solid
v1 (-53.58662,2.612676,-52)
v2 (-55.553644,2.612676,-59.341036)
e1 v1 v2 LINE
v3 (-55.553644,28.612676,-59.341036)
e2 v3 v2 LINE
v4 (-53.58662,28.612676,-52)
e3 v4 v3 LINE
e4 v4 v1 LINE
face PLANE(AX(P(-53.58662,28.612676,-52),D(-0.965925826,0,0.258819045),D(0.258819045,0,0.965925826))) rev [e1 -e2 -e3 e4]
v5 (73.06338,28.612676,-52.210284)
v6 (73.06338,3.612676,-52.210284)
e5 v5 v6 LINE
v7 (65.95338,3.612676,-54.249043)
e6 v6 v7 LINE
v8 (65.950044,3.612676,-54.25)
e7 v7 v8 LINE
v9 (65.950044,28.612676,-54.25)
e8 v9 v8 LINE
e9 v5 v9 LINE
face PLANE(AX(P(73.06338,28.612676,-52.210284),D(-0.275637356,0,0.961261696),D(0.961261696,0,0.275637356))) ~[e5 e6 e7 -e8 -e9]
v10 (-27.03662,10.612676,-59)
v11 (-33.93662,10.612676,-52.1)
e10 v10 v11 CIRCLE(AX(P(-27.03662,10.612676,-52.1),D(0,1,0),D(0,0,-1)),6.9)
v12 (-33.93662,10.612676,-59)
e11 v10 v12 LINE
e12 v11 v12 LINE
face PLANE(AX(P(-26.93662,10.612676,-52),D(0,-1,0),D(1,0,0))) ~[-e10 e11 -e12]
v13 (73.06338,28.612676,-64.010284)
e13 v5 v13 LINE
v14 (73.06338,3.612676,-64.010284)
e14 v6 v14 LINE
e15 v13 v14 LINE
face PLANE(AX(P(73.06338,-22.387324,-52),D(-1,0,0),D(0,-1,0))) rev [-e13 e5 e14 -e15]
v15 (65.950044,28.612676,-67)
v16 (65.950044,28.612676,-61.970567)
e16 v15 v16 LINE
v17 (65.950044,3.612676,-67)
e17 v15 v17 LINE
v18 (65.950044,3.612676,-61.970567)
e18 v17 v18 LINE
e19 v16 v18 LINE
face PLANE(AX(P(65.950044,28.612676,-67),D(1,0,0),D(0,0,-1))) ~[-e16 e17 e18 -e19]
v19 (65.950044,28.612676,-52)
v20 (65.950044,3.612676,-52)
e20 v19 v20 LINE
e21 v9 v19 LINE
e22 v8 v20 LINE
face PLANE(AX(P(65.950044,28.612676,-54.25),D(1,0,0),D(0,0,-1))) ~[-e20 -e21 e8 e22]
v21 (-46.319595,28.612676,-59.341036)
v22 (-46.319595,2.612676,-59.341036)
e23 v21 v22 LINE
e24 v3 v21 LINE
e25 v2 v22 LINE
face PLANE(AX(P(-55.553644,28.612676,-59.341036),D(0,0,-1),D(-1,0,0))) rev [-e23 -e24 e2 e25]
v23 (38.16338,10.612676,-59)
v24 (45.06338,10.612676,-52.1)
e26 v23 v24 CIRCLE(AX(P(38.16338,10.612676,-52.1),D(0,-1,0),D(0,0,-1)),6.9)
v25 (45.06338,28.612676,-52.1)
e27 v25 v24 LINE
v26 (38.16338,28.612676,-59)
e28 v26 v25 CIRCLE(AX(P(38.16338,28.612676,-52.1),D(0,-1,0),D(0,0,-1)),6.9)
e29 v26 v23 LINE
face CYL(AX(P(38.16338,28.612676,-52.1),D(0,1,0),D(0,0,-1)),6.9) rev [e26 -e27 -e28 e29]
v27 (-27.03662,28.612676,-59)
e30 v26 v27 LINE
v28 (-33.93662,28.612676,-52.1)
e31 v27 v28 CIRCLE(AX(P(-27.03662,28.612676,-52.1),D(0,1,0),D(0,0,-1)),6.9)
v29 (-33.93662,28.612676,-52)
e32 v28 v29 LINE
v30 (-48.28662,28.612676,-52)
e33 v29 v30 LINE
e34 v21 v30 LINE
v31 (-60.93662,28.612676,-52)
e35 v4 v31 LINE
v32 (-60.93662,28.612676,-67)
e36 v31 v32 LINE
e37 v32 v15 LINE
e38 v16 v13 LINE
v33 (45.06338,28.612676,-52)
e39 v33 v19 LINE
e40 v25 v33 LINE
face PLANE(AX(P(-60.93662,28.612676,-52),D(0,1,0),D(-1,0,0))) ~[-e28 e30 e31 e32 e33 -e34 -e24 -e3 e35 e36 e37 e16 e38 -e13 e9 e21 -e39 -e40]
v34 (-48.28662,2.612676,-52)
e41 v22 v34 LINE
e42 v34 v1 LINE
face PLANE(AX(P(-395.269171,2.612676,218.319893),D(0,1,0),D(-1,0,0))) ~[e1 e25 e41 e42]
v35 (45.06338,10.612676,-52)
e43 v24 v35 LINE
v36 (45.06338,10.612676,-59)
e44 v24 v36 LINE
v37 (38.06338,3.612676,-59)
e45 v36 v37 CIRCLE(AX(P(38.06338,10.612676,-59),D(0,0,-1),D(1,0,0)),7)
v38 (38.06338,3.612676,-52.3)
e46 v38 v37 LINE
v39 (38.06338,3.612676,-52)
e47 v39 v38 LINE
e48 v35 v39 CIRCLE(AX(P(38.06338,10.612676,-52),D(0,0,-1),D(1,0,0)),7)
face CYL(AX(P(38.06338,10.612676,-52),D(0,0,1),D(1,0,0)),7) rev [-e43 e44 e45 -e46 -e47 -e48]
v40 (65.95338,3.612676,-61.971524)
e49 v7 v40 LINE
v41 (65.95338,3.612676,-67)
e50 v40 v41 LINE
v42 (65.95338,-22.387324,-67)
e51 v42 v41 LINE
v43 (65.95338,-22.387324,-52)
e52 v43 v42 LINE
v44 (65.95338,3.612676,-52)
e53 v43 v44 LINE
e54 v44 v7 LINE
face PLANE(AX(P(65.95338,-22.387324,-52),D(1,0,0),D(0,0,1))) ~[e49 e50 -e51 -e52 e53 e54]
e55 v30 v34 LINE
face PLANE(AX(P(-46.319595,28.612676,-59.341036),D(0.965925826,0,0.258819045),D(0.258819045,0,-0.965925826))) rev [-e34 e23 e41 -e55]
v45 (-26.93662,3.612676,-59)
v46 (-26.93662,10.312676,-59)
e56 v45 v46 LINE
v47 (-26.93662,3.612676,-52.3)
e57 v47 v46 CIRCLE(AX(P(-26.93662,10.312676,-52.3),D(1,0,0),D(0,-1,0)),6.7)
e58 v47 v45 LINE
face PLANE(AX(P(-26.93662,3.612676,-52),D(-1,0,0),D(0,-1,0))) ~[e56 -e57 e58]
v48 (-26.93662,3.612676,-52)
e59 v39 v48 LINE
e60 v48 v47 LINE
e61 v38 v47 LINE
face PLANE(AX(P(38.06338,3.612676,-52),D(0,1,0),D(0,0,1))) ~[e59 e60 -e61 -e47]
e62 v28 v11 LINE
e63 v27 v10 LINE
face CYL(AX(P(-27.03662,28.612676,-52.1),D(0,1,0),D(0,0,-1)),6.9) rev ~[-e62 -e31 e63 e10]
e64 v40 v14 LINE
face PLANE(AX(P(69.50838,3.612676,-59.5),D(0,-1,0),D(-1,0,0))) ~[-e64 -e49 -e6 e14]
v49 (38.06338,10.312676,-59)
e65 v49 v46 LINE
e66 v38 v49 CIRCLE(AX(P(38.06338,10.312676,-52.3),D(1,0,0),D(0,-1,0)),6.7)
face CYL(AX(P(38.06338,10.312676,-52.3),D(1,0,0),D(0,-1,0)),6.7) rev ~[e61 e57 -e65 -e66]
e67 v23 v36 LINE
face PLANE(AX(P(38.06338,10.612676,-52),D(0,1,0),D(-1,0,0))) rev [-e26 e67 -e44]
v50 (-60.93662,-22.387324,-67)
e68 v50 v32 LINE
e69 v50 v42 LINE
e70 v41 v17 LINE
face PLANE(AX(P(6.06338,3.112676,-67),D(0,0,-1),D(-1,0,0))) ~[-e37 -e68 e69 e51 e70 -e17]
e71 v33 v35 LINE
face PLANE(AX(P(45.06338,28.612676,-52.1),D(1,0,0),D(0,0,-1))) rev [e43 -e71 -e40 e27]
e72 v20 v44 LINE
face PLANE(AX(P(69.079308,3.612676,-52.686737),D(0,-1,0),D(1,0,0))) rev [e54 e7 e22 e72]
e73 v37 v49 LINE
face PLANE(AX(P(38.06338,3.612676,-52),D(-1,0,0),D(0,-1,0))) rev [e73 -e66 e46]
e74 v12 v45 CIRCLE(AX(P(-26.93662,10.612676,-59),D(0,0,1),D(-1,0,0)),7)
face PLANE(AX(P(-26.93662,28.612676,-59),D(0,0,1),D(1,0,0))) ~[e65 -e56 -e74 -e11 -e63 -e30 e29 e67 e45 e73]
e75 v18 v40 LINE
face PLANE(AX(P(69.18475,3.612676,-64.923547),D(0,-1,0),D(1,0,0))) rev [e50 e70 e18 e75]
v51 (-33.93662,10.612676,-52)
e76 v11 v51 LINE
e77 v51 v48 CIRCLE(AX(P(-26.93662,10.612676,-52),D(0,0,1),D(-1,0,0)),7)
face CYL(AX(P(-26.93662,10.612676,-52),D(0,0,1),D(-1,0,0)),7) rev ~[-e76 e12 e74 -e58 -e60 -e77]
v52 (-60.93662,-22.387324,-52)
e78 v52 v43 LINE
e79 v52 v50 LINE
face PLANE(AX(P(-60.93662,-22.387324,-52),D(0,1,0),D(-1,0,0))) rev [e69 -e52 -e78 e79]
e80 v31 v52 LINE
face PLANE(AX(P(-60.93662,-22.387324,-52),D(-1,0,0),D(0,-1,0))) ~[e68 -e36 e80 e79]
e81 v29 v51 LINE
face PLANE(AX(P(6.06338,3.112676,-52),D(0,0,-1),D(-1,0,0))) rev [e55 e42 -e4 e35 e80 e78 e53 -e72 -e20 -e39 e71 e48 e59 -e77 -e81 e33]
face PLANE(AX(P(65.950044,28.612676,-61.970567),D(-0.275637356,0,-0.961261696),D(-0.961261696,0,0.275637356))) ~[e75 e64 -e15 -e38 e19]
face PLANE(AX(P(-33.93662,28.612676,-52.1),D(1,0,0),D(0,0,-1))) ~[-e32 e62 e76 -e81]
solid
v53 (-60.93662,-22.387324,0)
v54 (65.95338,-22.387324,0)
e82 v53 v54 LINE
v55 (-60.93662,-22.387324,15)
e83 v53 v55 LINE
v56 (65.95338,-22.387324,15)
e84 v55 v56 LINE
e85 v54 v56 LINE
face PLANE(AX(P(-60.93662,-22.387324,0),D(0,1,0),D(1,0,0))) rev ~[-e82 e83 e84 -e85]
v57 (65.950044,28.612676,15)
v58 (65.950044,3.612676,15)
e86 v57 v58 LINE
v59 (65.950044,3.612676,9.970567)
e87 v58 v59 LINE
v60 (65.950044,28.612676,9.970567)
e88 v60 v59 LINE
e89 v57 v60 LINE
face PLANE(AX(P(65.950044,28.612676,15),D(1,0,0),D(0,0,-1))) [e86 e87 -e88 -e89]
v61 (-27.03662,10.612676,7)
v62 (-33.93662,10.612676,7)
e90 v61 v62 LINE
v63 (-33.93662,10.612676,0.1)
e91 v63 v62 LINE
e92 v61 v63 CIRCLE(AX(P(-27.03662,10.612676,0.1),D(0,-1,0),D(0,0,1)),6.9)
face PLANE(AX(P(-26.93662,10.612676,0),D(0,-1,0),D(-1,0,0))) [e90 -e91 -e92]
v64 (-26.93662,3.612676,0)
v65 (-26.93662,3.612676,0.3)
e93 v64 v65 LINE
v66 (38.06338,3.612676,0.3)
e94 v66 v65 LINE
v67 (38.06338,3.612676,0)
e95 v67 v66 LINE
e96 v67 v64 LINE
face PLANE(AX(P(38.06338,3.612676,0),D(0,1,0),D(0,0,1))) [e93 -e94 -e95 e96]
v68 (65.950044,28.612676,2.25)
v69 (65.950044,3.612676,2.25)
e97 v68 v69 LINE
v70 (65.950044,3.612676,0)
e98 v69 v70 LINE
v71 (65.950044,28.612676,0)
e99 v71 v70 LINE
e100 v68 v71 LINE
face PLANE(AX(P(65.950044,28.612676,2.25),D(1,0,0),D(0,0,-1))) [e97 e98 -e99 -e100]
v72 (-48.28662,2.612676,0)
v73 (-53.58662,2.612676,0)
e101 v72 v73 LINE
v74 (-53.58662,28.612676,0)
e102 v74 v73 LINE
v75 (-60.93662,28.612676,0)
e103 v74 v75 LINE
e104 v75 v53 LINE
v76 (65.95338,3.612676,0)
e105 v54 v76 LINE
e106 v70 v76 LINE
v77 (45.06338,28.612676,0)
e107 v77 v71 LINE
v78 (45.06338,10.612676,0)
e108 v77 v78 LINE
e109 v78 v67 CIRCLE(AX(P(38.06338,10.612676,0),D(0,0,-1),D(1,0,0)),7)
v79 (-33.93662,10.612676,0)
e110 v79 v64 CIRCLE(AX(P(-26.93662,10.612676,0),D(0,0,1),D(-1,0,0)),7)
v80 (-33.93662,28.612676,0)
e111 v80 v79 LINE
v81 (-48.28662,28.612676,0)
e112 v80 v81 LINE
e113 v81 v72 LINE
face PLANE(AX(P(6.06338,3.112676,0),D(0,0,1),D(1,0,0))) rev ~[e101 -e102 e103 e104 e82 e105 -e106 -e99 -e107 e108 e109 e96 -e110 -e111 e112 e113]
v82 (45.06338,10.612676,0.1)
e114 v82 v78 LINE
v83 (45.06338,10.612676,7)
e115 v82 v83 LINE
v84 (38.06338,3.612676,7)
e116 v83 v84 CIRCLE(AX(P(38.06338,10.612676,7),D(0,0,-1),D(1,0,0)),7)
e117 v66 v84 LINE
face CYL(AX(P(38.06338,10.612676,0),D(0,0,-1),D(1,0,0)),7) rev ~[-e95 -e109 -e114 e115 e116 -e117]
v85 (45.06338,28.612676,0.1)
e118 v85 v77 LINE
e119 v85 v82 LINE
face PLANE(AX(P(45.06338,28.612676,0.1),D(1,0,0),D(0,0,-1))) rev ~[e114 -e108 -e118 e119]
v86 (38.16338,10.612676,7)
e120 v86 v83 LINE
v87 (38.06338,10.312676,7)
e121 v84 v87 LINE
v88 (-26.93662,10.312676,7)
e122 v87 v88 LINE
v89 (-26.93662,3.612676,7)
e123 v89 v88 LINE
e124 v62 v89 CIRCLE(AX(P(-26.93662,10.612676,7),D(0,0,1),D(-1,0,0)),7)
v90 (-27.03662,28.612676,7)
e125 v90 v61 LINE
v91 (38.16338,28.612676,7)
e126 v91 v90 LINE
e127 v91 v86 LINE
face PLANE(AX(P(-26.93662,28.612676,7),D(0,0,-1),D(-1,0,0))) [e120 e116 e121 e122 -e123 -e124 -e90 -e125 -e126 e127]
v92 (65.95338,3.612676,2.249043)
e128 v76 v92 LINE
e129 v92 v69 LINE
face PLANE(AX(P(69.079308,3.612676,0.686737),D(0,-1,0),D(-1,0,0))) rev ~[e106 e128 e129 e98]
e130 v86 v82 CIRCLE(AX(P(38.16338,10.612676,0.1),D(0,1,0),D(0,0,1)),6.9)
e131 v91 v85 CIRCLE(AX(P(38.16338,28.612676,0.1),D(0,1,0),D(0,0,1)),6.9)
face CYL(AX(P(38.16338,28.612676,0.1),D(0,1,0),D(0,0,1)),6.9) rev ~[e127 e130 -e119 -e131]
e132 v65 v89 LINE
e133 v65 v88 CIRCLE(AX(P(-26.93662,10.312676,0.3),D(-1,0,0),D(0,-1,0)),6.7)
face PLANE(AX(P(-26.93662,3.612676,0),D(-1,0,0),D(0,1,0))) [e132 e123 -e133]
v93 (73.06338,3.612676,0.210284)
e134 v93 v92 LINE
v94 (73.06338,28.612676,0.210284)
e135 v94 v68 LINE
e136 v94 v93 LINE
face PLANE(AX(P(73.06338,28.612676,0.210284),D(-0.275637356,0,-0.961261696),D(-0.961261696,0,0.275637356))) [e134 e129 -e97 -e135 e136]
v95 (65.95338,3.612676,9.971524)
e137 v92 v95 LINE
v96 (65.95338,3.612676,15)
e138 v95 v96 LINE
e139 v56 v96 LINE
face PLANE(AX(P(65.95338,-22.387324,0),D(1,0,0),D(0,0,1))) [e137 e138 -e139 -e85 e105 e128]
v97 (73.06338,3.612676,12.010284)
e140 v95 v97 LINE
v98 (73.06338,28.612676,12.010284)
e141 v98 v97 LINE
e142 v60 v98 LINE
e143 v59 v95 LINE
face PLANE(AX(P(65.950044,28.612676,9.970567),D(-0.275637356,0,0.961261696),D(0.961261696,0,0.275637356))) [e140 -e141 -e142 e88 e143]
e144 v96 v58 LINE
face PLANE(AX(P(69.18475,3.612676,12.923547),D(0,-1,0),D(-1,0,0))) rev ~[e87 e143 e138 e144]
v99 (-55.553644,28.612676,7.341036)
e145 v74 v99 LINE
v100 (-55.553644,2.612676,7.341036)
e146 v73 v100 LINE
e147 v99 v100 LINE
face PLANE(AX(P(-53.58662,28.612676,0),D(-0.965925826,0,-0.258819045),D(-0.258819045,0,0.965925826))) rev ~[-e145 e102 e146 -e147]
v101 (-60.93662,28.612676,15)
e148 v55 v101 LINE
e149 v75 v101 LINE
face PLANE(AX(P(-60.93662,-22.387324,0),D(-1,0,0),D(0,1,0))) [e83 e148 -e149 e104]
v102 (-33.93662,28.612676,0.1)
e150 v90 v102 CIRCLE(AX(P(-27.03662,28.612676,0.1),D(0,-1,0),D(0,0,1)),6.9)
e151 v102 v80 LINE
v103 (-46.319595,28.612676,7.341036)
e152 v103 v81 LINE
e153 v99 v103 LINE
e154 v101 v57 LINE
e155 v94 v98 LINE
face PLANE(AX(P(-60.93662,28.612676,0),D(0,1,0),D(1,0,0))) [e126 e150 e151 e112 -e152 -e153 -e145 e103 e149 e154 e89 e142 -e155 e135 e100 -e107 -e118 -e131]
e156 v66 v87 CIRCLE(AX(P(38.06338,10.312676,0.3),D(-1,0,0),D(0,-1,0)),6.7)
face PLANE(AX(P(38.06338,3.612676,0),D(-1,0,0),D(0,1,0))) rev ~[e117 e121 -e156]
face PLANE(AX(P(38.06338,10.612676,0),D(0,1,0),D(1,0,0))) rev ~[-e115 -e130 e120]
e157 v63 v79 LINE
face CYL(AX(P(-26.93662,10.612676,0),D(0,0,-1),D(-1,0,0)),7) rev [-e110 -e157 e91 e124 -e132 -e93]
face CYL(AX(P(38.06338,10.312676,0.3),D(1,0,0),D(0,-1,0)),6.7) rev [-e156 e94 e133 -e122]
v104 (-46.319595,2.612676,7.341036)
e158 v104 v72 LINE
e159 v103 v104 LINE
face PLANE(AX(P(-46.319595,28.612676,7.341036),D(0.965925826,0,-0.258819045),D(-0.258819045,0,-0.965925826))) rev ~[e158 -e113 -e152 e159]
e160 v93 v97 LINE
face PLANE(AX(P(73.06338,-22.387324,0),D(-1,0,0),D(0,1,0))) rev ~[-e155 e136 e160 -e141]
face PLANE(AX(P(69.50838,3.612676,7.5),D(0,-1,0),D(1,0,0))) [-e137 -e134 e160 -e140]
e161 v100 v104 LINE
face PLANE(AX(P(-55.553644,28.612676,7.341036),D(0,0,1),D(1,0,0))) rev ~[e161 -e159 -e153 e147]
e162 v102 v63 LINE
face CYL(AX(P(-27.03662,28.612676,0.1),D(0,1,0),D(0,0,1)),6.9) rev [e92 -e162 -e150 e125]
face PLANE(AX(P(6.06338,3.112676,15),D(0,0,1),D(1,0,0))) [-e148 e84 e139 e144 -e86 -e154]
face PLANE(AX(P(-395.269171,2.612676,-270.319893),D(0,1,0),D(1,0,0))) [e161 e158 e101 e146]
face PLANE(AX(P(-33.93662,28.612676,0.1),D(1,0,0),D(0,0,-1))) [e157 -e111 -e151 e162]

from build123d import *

# Parameters (mm, degrees)
SKETCH1_W               = 134
SKETCH1_H               = 51
BOSS_EXTRUDE1_DEPTH     = 15
CUT_EXTRUDE6_DEPTH      = 65
CUT_EXTRUDE2_DEPTH      = 1
CUT_EXTRUDE2_DEPTH_BACK = 26
CUT_EXTRUDE4_DEPTH      = 25
SKETCH7_W               = 7.11
SKETCH7_H               = 15
CUT_EXTRUDE5_DEPTH      = 26
CUT_EXTRUDE7_DEPTH      = 18
CUT_EXTRUDE8_DEPTH      = 7


with BuildPart() as part:
    # Sketch1 → Boss-Extrude1 (new body)
    with BuildSketch(Plane.XY):
        with Locations((6.063380282, 3.112676056)):
            Rectangle(SKETCH1_W, SKETCH1_H)
    extrude(amount=BOSS_EXTRUDE1_DEPTH)

    # Sketch8 → Cut-Extrude6 (cut)
    with BuildSketch(Plane(origin=(38.063380282, 0, 0), x_dir=(0, 0, -1), z_dir=(1, 0, 0))):
        with BuildLine():
            Line((-7, 28.612676056), (0, 28.612676056))
            Line((0, 28.612676056), (0, 3.612676056))
            Line((0, 3.612676056), (-0.3, 3.612676056))
            ThreePointArc((-0.3, 3.612676056), (-5.037615434, 5.575060622), (-7, 10.312676056))
            Line((-7, 10.312676056), (-7, 28.612676056))
        make_face()
    extrude(amount=-CUT_EXTRUDE6_DEPTH, mode=Mode.SUBTRACT)

    # Sketch3 → Cut-Extrude2 (cut, two sides)
    with BuildSketch(Plane(origin=(0, 28.612676056, 0), x_dir=(1, 0, 0), z_dir=(0, 1, 0))) as cut_extrude2_sk:
        Polygon((-340.610496837, 0), (-60.936619718, 0), (-53.586619718, 0), (-55.553644461, -7.34103628), (-46.319594976, -7.34103628), (-48.286619718, 0), (-120.671545534, 270.144220847), (-554.437861933, 623.29672746), (-774.376813236, 353.152506613), align=None)
    extrude(amount=CUT_EXTRUDE2_DEPTH, mode=Mode.SUBTRACT)
    extrude(cut_extrude2_sk.sketch, amount=-CUT_EXTRUDE2_DEPTH_BACK, mode=Mode.SUBTRACT)

    # Sketch5 → Cut-Extrude4 (cut)
    with BuildSketch(Plane(origin=(0, 28.612676056, 0), x_dir=(1, 0, 0), z_dir=(0, 1, 0))):
        Polygon((65.950043732, 0), (73.063380282, 0), (73.063380282, -0.210283567), (65.950043732, -2.25), align=None)
        Polygon((65.950043732, -15), (65.950043732, -9.970567134), (73.063380282, -12.010283567), (73.063380282, -15), align=None)
    extrude(amount=-CUT_EXTRUDE4_DEPTH, mode=Mode.SUBTRACT)

    # Sketch7 → Cut-Extrude5 (cut)
    with BuildSketch(Plane.XZ.offset(22.387323944)):
        with Locations((69.508380282, 7.5)):
            Rectangle(SKETCH7_W, SKETCH7_H)
    extrude(amount=-CUT_EXTRUDE5_DEPTH, mode=Mode.SUBTRACT)

    # Sketch9 → Cut-Extrude7 (cut)
    with BuildSketch(Plane(origin=(0, 28.612676056, 0), x_dir=(1, 0, 0), z_dir=(0, 1, 0))):
        with BuildLine():
            Line((-26.936619718, -7), (-27.036619718, -7))
            ThreePointArc((-27.036619718, -7), (-31.915656508, -4.97903679), (-33.936619718, -0.1))
            Line((-33.936619718, -0.1), (-33.936619718, 0))
            Line((-33.936619718, 0), (-26.936619718, 0))
            Line((-26.936619718, 0), (-26.936619718, -7))
        make_face()
        with BuildLine():
            Line((38.063380282, -7), (38.163380282, -7))
            ThreePointArc((38.163380282, -7), (43.042417072, -4.97903679), (45.063380282, -0.1))
            Line((45.063380282, -0.1), (45.063380282, 0))
            Line((45.063380282, 0), (38.063380282, 0))
            Line((38.063380282, 0), (38.063380282, -7))
        make_face()
    extrude(amount=-CUT_EXTRUDE7_DEPTH, mode=Mode.SUBTRACT)

    # Sketch12 → Cut-Extrude8 (cut)
    with BuildSketch(Plane(origin=(0, 0, 0), x_dir=(-1, 0, 0), z_dir=(0, 0, -1))):
        with BuildLine():
            ThreePointArc((-45.063380282, 10.612676056), (-43.01312775, 5.662928588), (-38.063380282, 3.612676056))
            Line((-38.063380282, 3.612676056), (-38.063380282, 10.612676056))
            Line((-38.063380282, 10.612676056), (-45.063380282, 10.612676056))
        make_face()
        with BuildLine():
            ThreePointArc((33.936619718, 10.612676056), (31.886367187, 5.662928588), (26.936619718, 3.612676056))
            Line((26.936619718, 3.612676056), (26.936619718, 10.612676056))
            Line((26.936619718, 10.612676056), (33.936619718, 10.612676056))
        make_face()
    extrude(amount=-CUT_EXTRUDE8_DEPTH, mode=Mode.SUBTRACT)


with BuildPart() as body_2:
    # Mirror2: mirrored copy
    add(part.part.mirror(Plane(origin=(0, 0, -26), x_dir=(1, 0, 0), z_dir=(0, 0, -1))))


solid = Compound([part.part, body_2.part])
